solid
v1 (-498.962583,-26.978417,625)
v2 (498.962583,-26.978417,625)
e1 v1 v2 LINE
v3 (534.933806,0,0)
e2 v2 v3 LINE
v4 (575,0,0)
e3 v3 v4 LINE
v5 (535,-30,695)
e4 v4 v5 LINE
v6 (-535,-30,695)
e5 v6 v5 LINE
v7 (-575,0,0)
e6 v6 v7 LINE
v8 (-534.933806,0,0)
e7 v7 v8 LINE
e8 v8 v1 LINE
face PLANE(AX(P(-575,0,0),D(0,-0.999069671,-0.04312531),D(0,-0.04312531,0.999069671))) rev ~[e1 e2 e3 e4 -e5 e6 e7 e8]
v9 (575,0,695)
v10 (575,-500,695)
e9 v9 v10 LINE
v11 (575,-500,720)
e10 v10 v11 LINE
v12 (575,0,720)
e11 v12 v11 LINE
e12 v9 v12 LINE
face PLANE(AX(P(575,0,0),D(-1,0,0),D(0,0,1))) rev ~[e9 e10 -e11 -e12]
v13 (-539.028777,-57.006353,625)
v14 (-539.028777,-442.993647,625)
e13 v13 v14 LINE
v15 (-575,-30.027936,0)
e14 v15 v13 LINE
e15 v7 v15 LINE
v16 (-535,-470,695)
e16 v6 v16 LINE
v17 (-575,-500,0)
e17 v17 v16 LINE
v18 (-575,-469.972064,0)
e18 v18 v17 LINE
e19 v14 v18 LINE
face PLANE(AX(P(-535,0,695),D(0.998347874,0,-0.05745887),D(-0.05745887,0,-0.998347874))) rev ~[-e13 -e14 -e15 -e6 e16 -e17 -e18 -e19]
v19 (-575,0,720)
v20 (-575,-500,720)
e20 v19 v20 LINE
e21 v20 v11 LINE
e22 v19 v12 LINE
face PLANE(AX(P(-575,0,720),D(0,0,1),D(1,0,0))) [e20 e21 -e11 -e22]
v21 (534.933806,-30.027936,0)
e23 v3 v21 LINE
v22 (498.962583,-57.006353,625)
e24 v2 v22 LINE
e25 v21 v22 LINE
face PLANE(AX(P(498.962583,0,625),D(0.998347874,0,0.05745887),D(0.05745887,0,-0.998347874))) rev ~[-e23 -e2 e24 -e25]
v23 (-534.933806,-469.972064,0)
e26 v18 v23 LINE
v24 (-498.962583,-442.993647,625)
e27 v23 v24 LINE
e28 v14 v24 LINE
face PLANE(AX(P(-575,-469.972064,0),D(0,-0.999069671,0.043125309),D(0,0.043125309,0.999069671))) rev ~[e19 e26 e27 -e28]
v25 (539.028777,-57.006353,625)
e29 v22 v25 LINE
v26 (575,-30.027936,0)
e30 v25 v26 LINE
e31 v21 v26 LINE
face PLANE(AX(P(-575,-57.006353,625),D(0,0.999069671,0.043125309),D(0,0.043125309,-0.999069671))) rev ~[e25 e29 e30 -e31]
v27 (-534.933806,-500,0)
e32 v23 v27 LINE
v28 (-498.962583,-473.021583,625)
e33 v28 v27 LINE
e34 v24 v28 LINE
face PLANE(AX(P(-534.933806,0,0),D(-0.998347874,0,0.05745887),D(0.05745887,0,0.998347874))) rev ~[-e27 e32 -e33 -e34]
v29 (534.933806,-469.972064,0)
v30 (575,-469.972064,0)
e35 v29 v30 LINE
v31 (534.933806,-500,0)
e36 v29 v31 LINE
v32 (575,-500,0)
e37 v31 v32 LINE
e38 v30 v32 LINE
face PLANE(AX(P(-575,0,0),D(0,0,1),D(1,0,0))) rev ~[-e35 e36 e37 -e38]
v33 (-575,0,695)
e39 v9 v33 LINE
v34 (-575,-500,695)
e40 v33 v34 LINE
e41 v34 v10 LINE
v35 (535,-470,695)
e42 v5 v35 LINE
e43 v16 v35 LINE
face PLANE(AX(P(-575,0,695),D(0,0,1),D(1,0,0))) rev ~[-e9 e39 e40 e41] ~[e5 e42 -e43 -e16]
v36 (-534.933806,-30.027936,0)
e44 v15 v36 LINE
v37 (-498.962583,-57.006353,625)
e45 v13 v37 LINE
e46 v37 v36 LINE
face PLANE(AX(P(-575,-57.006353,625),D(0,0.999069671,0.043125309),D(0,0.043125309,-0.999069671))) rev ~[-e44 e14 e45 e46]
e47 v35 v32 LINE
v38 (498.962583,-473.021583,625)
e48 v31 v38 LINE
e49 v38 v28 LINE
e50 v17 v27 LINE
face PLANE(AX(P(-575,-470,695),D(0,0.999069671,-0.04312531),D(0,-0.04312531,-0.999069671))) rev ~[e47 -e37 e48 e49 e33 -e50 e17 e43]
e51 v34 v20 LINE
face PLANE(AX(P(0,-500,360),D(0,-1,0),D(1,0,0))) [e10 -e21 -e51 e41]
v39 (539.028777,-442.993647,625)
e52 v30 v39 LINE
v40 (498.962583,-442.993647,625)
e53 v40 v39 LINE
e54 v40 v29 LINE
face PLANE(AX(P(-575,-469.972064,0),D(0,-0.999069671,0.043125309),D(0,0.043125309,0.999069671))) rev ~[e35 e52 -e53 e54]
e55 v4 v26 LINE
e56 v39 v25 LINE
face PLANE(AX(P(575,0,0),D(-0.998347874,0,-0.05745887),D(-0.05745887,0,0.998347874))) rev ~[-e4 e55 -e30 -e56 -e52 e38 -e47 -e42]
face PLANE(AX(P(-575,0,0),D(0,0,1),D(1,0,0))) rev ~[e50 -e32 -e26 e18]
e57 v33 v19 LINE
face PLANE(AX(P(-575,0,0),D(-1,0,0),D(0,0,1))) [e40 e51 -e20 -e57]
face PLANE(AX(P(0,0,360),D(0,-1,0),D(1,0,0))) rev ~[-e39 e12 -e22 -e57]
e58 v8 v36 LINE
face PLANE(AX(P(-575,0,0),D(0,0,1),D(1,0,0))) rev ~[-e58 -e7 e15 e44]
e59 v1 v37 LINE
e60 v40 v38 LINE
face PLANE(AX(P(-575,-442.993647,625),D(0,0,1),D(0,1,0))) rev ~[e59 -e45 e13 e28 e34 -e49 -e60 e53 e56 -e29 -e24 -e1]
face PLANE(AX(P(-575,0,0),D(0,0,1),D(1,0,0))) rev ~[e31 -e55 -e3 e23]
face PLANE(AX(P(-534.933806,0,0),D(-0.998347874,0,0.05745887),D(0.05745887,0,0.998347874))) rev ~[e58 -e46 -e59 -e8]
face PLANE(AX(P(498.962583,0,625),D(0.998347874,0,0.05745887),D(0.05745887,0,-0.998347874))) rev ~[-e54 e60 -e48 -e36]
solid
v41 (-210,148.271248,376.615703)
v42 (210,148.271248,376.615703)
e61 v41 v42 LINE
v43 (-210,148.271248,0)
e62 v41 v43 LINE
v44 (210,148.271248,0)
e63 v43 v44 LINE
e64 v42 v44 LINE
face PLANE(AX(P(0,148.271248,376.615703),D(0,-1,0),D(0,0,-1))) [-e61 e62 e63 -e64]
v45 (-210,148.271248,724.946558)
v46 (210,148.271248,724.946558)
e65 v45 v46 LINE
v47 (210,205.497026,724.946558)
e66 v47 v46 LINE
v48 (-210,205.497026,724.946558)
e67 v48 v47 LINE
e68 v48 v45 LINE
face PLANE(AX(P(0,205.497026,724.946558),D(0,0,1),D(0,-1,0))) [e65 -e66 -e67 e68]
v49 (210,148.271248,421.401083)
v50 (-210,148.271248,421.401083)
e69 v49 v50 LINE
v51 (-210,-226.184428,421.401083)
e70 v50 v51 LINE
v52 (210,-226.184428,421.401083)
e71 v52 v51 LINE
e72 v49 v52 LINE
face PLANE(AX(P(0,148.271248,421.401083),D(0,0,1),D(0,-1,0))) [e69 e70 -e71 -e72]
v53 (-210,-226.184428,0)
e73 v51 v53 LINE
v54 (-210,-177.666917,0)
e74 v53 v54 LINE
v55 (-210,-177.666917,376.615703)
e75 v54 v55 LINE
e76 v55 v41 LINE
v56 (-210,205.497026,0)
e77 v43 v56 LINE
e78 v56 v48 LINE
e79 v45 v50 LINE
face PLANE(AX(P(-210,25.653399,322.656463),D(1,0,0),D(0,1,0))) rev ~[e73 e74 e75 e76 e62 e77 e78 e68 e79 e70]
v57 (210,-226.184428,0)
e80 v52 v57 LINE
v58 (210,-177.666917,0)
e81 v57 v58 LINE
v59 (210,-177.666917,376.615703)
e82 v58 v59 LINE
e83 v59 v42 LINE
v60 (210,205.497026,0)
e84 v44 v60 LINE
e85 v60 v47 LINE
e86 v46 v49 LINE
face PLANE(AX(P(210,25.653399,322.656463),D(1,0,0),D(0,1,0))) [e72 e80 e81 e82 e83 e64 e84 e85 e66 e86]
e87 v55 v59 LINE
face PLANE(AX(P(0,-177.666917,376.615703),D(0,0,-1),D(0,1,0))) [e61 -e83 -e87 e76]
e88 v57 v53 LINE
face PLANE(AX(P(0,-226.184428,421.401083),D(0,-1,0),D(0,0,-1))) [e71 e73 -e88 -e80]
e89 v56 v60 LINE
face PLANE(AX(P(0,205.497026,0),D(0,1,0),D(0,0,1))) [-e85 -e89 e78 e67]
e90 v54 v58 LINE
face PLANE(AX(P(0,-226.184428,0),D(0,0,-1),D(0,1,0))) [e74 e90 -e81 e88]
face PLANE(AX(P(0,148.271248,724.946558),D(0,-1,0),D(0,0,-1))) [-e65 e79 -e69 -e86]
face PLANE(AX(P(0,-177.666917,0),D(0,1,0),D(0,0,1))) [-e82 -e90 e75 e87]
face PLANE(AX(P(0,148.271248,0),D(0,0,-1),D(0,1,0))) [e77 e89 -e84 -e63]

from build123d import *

# Parameters (mm, degrees)
F0_W     = 1150
F0_H     = 720
F1_DEPTH = 500
F3_DEPTH = 500.001
F5_DEPTH = 1150.001
F7_DEPTH = 210


with BuildPart() as f1:
    # F0 (on Front) → F1 (new body)
    with BuildSketch(Plane.XZ):
        with Locations((0, 360)):
            Rectangle(F0_W, F0_H)
    extrude(amount=F1_DEPTH)

    # F2 (on face) → F3 (cut, through all)
    with BuildSketch(Plane(origin=(0, 0, 0), x_dir=(-1, 0, 0), z_dir=(0, 1, 0))):
        Polygon((-617.043245, 718.636699), (-575, 695), (-575, 720), (575, 720), (575, 695), (663.800895, 695), (680.074453, 727.908708), (680.074453, 757.201917), (-617.043245, 757.201917), align=None)
        Polygon((-575, 695), (-575, 0), (-535, 695), align=None)
        Polygon((-498.962583, 625), (-534.933806, 0), (534.933806, 0), (498.962583, 625), align=None)
        Polygon((535, 695), (575, 0), (575, 695), align=None)
    extrude(amount=-F3_DEPTH, mode=Mode.SUBTRACT)

    # F4 (on face) → F5 (cut, through all)
    with BuildSketch(Plane(origin=(-575, 0, 0), x_dir=(0, -1, 0), z_dir=(-1, 0, 0))):
        Polygon((-66.164687, 695), (0, 0), (30, 695), align=None)
        Polygon((470, 695), (500, 0), (521.079004, 695), align=None)
        Polygon((57.006353, 625), (30.027936, 0), (469.972064, 0), (442.993647, 625), align=None)
    extrude(amount=-F5_DEPTH, mode=Mode.SUBTRACT)


with BuildPart() as f7:
    # F6 (on Right) → F7 (new body, symmetric)
    with BuildSketch(Plane.YZ):
        Polygon((-226.184428, 0), (-177.666917, 0), (-177.666917, 376.615703), (148.271248, 376.615703), (148.271248, 0), (205.497026, 0), (205.497026, 724.946558), (148.271248, 724.946558), (148.271248, 421.401083), (-226.184428, 421.401083), align=None)
    extrude(amount=F7_DEPTH, both=True)


solid = Compound([f1.part, f7.part])
